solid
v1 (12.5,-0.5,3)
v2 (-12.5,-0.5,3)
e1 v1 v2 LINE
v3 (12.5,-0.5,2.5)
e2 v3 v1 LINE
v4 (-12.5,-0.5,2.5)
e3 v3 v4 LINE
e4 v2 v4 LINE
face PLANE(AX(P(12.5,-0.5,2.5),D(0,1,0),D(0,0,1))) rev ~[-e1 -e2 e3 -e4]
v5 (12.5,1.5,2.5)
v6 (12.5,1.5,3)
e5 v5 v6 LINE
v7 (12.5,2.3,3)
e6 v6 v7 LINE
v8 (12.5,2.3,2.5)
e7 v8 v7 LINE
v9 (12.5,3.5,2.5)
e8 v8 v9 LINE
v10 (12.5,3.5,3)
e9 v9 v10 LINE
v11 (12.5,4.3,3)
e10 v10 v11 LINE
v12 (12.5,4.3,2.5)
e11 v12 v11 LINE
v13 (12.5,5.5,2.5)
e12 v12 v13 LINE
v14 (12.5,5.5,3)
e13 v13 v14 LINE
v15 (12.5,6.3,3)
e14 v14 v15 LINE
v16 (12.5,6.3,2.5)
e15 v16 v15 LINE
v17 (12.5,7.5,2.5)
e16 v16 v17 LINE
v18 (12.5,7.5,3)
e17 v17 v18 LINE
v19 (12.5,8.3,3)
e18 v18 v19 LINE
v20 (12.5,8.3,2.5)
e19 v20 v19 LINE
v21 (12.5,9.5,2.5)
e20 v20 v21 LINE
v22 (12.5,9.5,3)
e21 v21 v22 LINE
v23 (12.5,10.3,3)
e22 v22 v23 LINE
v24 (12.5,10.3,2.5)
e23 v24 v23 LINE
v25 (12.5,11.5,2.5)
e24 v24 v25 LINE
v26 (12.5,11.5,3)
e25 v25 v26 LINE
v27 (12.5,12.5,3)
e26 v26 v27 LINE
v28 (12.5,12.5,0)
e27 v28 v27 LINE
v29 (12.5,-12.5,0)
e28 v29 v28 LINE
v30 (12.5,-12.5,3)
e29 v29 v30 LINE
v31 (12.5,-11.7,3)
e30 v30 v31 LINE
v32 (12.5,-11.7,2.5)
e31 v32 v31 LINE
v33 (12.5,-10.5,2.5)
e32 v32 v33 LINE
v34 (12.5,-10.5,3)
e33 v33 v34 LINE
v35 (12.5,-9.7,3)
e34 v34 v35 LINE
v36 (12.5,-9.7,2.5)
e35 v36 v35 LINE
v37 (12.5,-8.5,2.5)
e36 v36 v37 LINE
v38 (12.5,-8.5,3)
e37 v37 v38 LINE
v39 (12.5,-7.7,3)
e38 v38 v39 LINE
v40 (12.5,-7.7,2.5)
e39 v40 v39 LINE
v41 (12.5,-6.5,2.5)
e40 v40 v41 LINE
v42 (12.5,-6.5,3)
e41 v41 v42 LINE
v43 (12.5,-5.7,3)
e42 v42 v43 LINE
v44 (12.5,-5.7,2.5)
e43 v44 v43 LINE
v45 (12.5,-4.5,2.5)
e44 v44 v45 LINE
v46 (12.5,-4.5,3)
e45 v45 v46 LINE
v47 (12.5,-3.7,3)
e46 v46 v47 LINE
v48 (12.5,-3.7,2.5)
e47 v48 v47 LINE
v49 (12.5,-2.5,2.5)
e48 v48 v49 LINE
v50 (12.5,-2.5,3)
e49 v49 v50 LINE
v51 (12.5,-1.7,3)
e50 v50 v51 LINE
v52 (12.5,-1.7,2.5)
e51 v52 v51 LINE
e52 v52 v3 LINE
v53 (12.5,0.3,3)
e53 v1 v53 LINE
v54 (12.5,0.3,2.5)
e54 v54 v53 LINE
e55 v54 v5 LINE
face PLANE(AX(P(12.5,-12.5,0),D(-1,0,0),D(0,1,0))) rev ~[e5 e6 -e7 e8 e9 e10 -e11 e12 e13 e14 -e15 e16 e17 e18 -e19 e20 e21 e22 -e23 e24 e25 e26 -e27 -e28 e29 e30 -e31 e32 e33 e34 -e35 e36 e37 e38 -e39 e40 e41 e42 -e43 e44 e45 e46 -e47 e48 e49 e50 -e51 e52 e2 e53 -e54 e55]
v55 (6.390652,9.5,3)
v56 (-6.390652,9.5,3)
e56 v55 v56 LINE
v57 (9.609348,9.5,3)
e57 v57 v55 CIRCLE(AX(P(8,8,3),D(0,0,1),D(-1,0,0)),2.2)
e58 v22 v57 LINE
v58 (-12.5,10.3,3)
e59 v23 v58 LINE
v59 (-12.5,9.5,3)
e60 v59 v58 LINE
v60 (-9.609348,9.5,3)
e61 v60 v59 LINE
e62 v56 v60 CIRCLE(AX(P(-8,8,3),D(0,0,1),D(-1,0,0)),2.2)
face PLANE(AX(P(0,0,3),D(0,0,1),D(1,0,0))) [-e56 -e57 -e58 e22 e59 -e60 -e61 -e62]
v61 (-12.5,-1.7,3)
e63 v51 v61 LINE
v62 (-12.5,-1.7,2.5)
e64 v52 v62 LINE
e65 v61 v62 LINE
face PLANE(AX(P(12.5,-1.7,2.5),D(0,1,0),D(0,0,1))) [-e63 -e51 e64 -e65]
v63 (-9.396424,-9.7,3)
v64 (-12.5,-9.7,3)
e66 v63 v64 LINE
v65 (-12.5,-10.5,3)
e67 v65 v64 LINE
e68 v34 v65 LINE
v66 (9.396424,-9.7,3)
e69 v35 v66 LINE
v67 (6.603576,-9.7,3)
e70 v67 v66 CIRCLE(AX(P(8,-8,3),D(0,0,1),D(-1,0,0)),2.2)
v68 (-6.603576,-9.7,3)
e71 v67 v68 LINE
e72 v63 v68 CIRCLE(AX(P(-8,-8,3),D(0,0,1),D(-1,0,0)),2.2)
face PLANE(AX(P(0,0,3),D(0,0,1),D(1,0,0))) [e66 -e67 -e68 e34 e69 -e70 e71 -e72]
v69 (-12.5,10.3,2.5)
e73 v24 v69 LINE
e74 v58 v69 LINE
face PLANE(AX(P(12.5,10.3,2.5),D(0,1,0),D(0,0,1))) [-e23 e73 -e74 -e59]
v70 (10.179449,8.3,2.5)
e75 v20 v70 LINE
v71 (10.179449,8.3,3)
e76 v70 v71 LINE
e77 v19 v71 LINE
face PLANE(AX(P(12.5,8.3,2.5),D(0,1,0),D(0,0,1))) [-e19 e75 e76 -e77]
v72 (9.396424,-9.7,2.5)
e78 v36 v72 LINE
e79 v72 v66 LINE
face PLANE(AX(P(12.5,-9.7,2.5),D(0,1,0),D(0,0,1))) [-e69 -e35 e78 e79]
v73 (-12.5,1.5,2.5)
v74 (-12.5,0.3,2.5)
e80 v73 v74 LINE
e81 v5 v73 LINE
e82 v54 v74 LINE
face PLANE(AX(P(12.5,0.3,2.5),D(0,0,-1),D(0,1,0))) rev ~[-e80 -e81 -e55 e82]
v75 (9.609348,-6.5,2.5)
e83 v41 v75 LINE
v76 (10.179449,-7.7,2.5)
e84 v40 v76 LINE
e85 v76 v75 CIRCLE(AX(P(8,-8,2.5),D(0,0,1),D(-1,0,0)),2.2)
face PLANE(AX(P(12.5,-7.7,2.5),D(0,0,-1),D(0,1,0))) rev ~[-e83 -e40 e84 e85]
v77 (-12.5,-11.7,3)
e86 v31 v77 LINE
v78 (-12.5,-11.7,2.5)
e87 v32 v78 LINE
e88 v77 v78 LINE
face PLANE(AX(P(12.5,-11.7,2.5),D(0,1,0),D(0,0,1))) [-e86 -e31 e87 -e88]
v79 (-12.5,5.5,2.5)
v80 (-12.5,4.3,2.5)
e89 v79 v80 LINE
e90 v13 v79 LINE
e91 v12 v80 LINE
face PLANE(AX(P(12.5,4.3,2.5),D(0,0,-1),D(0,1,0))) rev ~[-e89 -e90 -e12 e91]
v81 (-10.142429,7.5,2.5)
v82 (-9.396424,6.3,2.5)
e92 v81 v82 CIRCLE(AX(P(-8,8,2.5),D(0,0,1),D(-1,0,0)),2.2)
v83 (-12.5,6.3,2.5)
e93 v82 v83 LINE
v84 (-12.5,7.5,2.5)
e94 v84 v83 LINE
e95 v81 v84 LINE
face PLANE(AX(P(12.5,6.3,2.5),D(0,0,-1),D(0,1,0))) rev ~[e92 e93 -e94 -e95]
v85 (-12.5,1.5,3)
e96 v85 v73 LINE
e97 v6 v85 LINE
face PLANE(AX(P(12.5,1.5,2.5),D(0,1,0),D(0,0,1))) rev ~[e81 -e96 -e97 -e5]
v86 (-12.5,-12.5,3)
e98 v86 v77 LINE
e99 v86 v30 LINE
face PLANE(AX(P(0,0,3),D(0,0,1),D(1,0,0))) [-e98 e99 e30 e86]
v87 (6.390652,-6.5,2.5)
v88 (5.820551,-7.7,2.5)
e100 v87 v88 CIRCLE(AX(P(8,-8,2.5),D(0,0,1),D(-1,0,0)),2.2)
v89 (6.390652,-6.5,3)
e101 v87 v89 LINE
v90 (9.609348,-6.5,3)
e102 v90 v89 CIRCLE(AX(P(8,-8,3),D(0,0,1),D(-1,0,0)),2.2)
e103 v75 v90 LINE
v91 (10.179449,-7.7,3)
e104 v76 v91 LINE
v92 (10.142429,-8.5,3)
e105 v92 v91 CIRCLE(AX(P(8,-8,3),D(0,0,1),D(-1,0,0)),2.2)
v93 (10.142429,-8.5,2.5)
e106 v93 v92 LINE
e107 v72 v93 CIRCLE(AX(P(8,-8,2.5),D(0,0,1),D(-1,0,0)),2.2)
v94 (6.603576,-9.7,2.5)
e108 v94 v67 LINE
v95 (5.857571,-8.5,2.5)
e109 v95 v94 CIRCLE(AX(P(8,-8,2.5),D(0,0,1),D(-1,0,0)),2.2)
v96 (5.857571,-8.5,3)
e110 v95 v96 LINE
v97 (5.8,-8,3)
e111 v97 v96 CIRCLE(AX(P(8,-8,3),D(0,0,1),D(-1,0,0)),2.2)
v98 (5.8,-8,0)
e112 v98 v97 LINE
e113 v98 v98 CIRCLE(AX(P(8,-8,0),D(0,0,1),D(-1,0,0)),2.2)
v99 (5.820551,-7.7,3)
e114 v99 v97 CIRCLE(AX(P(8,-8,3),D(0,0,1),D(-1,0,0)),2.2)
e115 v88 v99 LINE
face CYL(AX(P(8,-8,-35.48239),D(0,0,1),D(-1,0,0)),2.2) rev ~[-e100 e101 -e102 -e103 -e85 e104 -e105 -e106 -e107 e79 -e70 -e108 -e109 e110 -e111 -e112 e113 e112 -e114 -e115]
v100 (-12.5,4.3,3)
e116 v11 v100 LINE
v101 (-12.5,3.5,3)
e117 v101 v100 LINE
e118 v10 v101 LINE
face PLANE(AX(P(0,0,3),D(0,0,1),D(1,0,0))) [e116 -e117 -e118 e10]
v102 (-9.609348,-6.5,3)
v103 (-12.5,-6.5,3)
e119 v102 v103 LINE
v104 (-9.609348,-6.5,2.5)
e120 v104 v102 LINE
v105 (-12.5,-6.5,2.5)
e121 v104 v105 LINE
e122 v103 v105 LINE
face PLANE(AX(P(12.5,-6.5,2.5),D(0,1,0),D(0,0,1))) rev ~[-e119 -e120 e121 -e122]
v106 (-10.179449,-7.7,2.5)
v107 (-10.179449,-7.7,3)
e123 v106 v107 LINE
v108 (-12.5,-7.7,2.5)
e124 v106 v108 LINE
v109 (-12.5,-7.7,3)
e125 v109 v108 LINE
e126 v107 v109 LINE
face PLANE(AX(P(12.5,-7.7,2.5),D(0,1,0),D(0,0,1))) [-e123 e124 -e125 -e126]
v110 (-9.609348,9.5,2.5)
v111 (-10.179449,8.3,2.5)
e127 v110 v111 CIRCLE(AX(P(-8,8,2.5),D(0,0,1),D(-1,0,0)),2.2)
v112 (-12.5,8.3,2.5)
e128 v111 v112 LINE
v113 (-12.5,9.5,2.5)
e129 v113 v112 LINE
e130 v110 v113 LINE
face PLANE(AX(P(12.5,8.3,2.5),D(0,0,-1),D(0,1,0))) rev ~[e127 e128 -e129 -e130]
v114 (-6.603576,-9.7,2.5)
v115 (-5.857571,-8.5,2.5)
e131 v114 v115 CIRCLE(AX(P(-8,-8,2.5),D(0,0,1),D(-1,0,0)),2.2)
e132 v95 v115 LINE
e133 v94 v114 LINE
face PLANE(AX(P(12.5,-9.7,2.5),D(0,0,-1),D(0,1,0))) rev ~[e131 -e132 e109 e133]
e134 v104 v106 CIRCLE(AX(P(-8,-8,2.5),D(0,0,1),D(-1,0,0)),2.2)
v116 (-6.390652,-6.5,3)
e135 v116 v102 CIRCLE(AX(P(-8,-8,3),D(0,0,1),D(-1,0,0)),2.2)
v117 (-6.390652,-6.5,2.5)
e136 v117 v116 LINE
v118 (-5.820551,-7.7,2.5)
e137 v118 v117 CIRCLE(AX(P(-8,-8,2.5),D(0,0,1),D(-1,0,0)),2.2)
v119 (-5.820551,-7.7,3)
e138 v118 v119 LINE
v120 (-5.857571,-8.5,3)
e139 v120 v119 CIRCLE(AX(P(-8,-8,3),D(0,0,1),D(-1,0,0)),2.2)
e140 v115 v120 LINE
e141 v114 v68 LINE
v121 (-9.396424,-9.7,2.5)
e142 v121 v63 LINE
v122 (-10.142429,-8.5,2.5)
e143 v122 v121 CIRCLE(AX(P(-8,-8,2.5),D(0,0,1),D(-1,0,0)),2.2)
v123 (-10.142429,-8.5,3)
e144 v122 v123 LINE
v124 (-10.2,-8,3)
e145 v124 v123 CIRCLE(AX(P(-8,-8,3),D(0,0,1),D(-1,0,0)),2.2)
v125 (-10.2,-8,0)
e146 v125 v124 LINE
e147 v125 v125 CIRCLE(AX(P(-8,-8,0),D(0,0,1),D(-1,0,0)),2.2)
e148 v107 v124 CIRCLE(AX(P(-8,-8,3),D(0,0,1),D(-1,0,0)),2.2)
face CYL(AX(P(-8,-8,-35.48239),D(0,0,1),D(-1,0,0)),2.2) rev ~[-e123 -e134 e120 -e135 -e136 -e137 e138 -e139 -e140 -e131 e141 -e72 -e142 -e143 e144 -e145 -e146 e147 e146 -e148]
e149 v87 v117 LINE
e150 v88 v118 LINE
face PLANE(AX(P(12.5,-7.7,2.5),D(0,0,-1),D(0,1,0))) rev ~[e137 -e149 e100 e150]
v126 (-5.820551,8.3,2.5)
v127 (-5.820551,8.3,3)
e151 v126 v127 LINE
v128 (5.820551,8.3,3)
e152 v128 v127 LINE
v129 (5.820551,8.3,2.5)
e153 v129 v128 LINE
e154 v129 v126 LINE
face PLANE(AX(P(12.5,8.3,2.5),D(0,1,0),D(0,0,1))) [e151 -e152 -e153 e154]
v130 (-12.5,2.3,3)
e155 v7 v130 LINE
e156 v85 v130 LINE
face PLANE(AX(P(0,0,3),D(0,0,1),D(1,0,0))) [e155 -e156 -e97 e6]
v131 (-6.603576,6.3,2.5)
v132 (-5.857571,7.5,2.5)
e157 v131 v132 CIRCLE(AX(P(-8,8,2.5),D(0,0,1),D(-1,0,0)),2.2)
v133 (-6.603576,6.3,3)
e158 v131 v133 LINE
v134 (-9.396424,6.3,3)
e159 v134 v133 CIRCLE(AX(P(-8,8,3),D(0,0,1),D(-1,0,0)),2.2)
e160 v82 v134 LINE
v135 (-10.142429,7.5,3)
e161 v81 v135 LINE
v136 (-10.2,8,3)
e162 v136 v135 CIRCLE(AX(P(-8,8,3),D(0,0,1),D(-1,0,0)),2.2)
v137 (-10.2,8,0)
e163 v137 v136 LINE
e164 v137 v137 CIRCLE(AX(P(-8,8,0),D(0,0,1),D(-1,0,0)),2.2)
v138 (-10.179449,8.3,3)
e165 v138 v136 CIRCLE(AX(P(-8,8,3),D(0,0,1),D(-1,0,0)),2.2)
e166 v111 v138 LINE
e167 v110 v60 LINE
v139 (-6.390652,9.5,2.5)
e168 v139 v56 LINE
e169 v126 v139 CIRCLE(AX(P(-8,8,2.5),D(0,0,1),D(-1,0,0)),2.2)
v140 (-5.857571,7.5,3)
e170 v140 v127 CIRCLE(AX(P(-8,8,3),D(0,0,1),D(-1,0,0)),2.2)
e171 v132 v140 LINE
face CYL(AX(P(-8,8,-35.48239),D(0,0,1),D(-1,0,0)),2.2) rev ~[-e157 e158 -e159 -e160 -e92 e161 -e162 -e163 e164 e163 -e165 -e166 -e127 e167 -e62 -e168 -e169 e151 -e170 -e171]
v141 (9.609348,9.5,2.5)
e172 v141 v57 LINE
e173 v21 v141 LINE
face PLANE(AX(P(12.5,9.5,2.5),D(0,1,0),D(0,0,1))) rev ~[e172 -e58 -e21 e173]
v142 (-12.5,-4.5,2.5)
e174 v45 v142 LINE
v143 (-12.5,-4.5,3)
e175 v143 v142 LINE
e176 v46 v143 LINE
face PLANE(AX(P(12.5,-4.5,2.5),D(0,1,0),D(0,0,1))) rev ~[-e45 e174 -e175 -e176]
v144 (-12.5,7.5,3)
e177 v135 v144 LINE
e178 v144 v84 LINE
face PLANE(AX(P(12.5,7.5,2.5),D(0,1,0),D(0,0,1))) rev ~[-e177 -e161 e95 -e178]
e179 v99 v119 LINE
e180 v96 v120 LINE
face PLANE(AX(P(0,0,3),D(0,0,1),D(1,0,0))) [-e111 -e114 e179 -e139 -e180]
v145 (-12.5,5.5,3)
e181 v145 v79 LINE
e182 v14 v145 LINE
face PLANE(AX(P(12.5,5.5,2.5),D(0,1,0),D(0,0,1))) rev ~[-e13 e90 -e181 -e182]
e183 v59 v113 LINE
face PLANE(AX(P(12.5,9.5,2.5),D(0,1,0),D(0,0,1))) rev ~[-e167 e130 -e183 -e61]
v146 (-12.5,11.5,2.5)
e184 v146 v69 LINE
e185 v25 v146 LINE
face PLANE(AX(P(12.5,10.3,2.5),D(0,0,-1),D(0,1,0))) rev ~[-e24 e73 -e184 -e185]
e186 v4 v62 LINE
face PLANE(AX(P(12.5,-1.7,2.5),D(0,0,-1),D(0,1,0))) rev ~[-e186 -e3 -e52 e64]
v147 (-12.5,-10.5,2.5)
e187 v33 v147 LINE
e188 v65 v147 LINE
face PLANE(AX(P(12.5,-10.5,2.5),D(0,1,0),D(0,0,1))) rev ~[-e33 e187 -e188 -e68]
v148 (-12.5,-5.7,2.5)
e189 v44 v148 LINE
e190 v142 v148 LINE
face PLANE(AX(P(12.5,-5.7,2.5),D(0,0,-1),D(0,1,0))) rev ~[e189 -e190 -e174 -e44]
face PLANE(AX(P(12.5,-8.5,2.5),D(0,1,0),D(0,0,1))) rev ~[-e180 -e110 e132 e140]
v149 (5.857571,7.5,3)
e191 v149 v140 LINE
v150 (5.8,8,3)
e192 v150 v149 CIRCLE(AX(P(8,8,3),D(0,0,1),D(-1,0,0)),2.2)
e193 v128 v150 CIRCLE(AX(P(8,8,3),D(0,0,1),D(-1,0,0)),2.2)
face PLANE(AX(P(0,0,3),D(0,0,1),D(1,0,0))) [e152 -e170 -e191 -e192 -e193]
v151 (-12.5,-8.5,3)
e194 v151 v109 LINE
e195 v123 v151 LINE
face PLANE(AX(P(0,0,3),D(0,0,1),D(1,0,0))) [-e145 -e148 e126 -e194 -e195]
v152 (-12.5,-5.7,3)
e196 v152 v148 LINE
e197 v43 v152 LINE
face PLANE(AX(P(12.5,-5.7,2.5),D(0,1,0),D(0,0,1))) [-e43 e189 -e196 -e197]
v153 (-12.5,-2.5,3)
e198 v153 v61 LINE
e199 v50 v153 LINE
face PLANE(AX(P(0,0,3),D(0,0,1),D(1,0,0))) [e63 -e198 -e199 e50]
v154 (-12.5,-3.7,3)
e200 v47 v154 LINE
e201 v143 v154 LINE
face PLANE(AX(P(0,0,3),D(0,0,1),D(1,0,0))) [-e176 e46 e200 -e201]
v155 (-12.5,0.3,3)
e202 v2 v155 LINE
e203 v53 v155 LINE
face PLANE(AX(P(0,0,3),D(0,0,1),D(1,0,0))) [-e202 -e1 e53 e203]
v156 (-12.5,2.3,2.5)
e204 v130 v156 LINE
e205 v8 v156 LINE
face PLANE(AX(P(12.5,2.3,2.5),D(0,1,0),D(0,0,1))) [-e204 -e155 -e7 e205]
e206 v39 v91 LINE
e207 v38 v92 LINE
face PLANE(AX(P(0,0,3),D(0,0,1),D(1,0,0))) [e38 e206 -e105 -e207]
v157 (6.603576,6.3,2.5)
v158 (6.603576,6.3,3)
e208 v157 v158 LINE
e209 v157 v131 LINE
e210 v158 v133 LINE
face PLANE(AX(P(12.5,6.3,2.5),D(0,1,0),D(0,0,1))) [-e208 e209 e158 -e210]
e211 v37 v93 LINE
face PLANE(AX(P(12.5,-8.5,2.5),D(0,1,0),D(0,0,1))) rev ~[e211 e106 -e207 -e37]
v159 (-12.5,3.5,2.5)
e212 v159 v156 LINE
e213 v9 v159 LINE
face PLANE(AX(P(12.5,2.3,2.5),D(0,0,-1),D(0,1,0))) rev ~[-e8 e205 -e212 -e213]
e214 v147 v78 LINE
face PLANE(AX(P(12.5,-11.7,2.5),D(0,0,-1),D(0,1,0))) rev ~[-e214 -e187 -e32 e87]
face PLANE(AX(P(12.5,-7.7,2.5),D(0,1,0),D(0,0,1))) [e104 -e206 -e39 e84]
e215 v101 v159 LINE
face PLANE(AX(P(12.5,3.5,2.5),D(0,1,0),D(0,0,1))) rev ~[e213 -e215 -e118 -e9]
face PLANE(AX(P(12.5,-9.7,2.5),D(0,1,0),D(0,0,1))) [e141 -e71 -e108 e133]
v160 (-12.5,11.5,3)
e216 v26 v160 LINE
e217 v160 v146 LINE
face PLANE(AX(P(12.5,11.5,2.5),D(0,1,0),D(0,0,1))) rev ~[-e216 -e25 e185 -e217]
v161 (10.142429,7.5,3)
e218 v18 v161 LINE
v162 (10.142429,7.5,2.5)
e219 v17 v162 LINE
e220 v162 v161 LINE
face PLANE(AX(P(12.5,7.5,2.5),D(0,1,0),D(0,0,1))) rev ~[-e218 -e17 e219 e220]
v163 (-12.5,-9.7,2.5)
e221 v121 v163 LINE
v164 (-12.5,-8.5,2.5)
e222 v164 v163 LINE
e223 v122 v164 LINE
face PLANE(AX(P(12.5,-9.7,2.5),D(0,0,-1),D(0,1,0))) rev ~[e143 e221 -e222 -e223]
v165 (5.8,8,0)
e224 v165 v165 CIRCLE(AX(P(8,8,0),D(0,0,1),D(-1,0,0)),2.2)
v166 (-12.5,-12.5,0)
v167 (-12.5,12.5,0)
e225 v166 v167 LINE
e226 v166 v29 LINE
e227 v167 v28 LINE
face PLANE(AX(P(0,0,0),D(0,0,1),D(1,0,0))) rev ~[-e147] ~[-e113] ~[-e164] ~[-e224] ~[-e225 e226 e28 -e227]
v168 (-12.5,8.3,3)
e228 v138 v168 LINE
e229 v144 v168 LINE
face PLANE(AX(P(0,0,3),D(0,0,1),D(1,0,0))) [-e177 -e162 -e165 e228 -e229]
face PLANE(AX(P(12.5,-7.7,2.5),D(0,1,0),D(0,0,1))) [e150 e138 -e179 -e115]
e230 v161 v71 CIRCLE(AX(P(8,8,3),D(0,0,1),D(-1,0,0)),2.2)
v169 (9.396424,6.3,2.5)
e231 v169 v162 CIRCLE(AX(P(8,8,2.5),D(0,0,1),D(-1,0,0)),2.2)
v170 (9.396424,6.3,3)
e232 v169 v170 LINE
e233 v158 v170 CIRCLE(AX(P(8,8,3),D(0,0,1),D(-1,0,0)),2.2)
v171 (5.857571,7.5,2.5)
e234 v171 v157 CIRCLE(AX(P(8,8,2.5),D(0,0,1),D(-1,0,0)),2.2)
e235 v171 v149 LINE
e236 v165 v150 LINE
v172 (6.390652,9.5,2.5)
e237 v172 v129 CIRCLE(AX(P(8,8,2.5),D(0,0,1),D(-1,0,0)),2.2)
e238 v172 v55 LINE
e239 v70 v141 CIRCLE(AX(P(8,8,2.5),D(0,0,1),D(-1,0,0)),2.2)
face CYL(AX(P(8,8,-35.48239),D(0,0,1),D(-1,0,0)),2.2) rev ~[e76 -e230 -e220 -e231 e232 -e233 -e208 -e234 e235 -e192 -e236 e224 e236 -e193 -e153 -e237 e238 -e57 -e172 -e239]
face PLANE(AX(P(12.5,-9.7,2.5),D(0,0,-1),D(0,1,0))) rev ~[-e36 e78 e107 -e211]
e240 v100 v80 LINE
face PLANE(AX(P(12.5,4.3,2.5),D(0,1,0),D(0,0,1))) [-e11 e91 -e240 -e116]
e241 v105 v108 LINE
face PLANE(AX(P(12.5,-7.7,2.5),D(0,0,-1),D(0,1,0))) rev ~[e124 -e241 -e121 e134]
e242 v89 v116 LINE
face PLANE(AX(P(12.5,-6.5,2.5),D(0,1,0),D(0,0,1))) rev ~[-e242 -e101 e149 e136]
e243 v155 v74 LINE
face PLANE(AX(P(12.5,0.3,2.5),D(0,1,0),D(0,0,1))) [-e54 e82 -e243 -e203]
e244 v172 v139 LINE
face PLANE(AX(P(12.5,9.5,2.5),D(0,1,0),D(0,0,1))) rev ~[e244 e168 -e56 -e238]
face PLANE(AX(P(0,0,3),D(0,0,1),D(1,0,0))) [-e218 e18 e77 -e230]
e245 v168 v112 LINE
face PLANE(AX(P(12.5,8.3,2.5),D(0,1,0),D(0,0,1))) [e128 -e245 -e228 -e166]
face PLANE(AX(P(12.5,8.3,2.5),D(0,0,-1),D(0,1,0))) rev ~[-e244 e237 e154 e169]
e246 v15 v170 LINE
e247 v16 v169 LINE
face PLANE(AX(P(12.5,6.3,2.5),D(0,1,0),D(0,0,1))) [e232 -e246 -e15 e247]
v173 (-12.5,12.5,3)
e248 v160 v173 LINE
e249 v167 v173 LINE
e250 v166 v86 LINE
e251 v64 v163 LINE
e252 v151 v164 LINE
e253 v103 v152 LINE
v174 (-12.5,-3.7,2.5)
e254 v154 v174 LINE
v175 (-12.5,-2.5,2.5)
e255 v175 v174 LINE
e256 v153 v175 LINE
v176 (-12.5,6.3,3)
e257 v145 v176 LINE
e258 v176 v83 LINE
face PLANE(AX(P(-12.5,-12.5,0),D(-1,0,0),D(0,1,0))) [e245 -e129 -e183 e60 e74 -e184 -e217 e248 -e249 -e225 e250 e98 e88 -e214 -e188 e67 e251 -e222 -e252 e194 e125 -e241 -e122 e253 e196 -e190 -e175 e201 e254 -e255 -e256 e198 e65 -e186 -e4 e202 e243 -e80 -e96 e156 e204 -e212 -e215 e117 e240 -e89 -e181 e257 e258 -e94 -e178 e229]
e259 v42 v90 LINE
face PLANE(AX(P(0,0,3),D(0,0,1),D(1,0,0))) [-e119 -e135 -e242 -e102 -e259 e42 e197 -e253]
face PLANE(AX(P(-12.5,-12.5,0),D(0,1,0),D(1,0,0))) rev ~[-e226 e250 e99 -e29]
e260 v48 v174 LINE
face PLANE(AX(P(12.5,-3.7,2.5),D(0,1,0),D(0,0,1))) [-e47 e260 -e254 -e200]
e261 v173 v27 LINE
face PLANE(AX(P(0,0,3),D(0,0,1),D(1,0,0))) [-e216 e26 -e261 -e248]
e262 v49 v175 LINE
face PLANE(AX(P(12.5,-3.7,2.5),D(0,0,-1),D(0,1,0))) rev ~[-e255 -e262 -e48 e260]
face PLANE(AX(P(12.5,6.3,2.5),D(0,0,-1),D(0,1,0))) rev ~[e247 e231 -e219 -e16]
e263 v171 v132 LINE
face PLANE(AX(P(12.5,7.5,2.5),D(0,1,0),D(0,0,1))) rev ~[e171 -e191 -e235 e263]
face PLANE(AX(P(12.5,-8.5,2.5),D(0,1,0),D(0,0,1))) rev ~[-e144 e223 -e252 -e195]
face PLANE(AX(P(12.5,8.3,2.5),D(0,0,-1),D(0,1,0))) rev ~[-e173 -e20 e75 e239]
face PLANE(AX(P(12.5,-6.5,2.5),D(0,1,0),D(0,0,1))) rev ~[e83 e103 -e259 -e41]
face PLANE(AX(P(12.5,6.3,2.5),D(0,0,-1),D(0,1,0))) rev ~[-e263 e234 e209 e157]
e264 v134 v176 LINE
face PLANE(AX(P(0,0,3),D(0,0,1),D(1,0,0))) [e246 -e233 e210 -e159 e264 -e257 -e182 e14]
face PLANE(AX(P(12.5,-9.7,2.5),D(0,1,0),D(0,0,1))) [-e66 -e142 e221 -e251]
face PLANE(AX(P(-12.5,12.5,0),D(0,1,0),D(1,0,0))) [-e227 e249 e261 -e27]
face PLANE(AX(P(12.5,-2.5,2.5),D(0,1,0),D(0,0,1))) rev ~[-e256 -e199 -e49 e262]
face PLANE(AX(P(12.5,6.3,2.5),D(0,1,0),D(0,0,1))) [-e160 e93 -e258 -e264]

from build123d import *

# Parameters (mm, degrees)
F0_W     = 25
F0_H     = 25
F1_DEPTH = 3
F2_D     = 4.4
F3_W     = 1.2
F3_H     = 0.5
F4_DEPTH = 25.001


with BuildPart() as f1:
    # F0 (on Top) → F1 (new body)
    with BuildSketch(Plane.XY):
        Rectangle(F0_W, F0_H)
    extrude(amount=F1_DEPTH)

    # F2 (through all)
    with Locations(Plane(origin=(0, 0, 0), x_dir=(1, 0, 0), z_dir=(0, 0, -1))):
        with Locations((-8, -8), (8, -8), (8, 8), (-8, 8)):
            Hole(F2_D / 2)

    # F3 (on face) → F4 (cut, through all)
    with BuildSketch(Plane.YZ.offset(12.5)):
        with Locations((-11.1, 2.75)):
            Rectangle(F3_W, F3_H)
        with Locations((-9.1, 2.75)):
            Rectangle(F3_W, F3_H)
        with Locations((-7.1, 2.75)):
            Rectangle(F3_W, F3_H)
        with Locations((-5.1, 2.75)):
            Rectangle(F3_W, F3_H)
        with Locations((-3.1, 2.75)):
            Rectangle(F3_W, F3_H)
        with Locations((-1.1, 2.75)):
            Rectangle(F3_W, F3_H)
        with Locations((0.9, 2.75)):
            Rectangle(F3_W, F3_H)
        with Locations((2.9, 2.75)):
            Rectangle(F3_W, F3_H)
        with Locations((4.9, 2.75)):
            Rectangle(F3_W, F3_H)
        with Locations((6.9, 2.75)):
            Rectangle(F3_W, F3_H)
        with Locations((8.9, 2.75)):
            Rectangle(F3_W, F3_H)
        with Locations((10.9, 2.75)):
            Rectangle(F3_W, F3_H)
    extrude(amount=-F4_DEPTH, mode=Mode.SUBTRACT)


solid = f1.part
